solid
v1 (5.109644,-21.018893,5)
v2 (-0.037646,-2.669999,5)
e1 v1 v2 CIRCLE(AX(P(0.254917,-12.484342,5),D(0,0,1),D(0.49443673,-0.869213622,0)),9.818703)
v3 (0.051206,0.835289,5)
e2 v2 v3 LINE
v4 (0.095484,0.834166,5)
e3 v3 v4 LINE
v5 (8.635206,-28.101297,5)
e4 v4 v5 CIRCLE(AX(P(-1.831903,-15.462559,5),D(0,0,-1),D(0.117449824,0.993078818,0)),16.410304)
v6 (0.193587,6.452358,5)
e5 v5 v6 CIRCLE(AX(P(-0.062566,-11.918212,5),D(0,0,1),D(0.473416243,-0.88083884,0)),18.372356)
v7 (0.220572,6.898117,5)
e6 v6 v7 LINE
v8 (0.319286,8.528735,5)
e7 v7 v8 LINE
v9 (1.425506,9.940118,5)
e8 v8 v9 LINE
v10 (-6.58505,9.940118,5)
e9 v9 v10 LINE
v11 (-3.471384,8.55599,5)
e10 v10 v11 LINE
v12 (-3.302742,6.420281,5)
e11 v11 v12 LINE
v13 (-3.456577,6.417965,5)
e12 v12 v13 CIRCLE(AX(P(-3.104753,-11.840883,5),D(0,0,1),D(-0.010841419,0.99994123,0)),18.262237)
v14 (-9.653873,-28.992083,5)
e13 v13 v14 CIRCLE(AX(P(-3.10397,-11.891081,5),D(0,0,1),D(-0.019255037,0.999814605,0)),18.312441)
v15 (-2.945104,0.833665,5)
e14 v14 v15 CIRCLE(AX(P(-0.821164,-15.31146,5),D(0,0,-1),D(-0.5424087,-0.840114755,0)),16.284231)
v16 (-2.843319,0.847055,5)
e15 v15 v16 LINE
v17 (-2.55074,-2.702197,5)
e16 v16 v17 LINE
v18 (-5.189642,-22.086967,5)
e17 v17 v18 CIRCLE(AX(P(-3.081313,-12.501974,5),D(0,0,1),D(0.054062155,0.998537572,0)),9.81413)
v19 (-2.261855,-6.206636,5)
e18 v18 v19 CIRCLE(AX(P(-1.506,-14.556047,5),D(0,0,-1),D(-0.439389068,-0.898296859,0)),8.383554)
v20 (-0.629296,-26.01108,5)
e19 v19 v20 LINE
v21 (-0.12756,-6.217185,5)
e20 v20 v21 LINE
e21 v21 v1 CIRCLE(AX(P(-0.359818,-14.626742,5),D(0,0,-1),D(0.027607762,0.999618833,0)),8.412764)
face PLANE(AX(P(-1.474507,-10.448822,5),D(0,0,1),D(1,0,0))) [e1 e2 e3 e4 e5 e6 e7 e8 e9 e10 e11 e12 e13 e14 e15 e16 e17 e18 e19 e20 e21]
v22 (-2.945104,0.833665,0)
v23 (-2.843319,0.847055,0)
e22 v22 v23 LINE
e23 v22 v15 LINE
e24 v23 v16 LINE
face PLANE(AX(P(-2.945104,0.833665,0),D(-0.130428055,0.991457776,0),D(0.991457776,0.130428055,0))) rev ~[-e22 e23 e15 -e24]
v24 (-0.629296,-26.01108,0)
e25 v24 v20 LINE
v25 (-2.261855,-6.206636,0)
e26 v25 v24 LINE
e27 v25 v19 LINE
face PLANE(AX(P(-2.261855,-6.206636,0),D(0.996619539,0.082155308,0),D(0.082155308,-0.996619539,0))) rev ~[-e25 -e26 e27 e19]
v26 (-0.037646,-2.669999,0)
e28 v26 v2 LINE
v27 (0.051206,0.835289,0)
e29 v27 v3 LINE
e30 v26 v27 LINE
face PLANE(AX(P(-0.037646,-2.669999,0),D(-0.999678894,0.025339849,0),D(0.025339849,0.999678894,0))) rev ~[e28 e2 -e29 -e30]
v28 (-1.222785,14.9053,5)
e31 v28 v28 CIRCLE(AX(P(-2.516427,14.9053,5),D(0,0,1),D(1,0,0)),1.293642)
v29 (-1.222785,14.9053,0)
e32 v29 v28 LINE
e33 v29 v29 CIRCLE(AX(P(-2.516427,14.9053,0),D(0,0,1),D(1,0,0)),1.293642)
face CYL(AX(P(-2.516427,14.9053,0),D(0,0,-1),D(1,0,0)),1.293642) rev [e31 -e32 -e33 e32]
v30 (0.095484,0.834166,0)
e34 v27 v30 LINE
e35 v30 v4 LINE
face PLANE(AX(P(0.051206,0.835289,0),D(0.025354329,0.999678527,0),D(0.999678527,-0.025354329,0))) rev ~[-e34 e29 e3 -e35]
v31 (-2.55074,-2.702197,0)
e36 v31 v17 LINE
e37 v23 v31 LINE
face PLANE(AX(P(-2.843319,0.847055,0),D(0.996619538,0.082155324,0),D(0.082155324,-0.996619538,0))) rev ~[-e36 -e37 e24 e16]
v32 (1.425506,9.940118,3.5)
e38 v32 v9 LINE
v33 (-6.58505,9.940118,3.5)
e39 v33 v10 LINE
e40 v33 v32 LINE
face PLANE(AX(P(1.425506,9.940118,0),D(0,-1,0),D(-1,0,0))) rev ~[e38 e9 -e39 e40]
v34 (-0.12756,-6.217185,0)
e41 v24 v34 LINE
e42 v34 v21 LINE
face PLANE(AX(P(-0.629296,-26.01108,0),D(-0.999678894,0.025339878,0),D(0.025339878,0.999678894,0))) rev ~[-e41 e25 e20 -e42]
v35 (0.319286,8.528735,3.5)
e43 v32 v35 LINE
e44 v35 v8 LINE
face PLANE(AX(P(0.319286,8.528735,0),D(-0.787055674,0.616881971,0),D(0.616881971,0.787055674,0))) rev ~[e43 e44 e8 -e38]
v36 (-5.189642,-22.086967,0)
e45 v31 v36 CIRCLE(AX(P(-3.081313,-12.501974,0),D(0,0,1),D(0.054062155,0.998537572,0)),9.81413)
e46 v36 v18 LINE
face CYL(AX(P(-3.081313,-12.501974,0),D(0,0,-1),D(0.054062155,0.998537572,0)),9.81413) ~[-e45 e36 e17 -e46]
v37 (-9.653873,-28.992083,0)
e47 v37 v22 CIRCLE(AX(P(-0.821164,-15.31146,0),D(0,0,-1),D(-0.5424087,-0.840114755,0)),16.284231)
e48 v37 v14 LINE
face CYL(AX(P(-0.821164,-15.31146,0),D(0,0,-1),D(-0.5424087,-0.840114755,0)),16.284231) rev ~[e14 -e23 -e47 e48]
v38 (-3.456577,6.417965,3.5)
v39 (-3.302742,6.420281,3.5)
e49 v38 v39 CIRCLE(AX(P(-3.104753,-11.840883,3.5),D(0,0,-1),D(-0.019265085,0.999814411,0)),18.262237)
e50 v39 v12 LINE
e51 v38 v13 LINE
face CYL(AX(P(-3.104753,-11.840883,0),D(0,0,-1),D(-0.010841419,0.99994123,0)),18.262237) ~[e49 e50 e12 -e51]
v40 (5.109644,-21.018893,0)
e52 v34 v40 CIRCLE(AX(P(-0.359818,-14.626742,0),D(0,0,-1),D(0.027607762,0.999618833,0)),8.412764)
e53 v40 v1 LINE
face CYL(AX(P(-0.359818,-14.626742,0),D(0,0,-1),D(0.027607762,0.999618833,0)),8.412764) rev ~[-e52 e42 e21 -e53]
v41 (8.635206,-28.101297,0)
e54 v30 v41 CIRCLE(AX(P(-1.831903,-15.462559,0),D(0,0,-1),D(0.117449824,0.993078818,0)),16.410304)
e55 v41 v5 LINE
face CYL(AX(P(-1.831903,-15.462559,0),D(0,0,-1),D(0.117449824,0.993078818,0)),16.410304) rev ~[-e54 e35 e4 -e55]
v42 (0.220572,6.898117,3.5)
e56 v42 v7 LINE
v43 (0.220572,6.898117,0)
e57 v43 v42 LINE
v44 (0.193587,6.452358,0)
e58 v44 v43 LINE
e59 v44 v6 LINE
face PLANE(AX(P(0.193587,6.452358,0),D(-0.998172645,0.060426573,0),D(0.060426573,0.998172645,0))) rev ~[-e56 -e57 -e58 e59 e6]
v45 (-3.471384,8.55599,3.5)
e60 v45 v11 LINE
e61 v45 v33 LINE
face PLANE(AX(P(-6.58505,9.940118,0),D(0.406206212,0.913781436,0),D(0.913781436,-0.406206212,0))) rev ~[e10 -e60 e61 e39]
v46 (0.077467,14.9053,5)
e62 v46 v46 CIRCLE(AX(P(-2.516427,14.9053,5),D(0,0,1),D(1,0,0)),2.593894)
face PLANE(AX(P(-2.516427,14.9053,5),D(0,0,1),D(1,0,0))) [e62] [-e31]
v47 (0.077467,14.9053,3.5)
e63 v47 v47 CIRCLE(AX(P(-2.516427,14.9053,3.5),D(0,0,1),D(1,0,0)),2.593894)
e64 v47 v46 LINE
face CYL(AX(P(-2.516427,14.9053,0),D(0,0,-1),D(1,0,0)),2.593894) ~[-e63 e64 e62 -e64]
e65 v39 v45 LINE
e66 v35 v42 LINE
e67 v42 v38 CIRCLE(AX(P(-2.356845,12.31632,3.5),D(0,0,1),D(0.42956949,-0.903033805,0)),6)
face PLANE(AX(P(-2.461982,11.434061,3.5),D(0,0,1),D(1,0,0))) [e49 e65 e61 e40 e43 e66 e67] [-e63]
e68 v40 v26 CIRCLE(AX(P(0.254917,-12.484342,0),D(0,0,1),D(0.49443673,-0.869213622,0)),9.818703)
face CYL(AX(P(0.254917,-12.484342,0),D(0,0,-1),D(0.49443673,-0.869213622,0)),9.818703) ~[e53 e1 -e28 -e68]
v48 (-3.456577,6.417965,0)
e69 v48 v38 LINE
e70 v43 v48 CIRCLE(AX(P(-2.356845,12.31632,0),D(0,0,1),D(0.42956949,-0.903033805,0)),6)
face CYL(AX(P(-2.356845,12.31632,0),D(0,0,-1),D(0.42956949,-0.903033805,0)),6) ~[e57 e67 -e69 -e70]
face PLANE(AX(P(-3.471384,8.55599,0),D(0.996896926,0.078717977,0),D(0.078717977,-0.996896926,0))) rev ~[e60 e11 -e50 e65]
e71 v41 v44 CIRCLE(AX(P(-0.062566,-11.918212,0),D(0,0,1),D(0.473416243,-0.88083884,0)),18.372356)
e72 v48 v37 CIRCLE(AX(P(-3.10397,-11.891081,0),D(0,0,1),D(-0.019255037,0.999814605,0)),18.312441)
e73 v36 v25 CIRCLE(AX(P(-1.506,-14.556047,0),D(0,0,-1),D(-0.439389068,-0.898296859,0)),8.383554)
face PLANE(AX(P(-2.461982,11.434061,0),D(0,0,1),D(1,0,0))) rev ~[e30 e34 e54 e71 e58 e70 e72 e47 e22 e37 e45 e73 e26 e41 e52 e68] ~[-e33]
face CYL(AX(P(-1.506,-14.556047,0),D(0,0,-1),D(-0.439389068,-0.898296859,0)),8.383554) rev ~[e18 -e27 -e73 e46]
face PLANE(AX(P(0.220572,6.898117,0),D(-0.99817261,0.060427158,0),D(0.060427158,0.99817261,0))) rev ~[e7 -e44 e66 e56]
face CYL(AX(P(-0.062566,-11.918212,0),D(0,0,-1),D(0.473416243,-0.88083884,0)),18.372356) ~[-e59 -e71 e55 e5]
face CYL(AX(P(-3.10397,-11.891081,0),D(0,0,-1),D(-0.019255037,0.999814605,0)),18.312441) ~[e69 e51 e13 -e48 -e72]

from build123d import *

# Parameters (mm, degrees)
F0_R     = 2.593894
F0_R_2   = 1.293642
F1_DEPTH = 5
F2_DEPTH = 3.5


with BuildPart() as f1:
    # F0 (on Top) → F1 (new body)
    with BuildSketch(Plane.XY):
        with BuildLine():
            Line((1.425506, 9.940118), (-6.58505, 9.940118))
            Line((-6.58505, 9.940118), (-3.471384, 8.55599))
            Line((-3.471384, 8.55599), (-3.302742, 6.420281))
            ThreePointArc((-3.302742, 6.420281), (-3.379662, 6.419285), (-3.456577, 6.417965))
            ThreePointArc((-3.456577, 6.417965), (-21.142236, -8.73411), (-9.653873, -28.992083))
            ThreePointArc((-9.653873, -28.992083), (-16.70845, -11.737899), (-2.945104, 0.833665))
            Line((-2.945104, 0.833665), (-2.843319, 0.847055))
            Line((-2.843319, 0.847055), (-2.55074, -2.702197))
            ThreePointArc((-2.55074, -2.702197), (-12.805749, -11.17816), (-5.189642, -22.086967))
            ThreePointArc((-5.189642, -22.086967), (-9.750605, -13.036025), (-2.261855, -6.206636))
            Line((-2.261855, -6.206636), (-0.629296, -26.01108))
            Line((-0.629296, -26.01108), (-0.12756, -6.217185))
            ThreePointArc((-0.12756, -6.217185), (7.571137, -11.820578), (5.109644, -21.018893))
            ThreePointArc((5.109644, -21.018893), (9.708689, -9.83234), (-0.037646, -2.669999))
            Line((-0.037646, -2.669999), (0.051206, 0.835289))
            Line((0.051206, 0.835289), (0.095484, 0.834166))
            ThreePointArc((0.095484, 0.834166), (13.907256, -10.817461), (8.635206, -28.101297))
            ThreePointArc((8.635206, -28.101297), (17.784898, -7.557994), (0.193587, 6.452358))
            Line((0.193587, 6.452358), (0.220572, 6.898117))
            Line((0.220572, 6.898117), (0.319286, 8.528735))
            Line((0.319286, 8.528735), (1.425506, 9.940118))
        make_face()
        with Locations((-2.516427, 14.9053)):
            Circle(F0_R)
        with Locations((-2.516427, 14.9053)):
            Circle(F0_R_2, mode=Mode.SUBTRACT)
    extrude(amount=F1_DEPTH)

    # F0 (on Top) → F2 (join)
    with BuildSketch(Plane.XY):
        with BuildLine():
            Line((-3.471384, 8.55599), (-6.58505, 9.940118))
            Line((-6.58505, 9.940118), (1.425506, 9.940118))
            Line((1.425506, 9.940118), (0.319286, 8.528735))
            Line((0.319286, 8.528735), (0.220572, 6.898117))
            ThreePointArc((0.220572, 6.898117), (-3.133712, 18.265814), (-3.456577, 6.417965))
            ThreePointArc((-3.456577, 6.417965), (-3.379662, 6.419285), (-3.302742, 6.420281))
            Line((-3.302742, 6.420281), (-3.471384, 8.55599))
        make_face()
        with Locations((-2.516427, 14.9053)):
            Circle(F0_R, mode=Mode.SUBTRACT)
    extrude(amount=F2_DEPTH)


solid = f1.part
